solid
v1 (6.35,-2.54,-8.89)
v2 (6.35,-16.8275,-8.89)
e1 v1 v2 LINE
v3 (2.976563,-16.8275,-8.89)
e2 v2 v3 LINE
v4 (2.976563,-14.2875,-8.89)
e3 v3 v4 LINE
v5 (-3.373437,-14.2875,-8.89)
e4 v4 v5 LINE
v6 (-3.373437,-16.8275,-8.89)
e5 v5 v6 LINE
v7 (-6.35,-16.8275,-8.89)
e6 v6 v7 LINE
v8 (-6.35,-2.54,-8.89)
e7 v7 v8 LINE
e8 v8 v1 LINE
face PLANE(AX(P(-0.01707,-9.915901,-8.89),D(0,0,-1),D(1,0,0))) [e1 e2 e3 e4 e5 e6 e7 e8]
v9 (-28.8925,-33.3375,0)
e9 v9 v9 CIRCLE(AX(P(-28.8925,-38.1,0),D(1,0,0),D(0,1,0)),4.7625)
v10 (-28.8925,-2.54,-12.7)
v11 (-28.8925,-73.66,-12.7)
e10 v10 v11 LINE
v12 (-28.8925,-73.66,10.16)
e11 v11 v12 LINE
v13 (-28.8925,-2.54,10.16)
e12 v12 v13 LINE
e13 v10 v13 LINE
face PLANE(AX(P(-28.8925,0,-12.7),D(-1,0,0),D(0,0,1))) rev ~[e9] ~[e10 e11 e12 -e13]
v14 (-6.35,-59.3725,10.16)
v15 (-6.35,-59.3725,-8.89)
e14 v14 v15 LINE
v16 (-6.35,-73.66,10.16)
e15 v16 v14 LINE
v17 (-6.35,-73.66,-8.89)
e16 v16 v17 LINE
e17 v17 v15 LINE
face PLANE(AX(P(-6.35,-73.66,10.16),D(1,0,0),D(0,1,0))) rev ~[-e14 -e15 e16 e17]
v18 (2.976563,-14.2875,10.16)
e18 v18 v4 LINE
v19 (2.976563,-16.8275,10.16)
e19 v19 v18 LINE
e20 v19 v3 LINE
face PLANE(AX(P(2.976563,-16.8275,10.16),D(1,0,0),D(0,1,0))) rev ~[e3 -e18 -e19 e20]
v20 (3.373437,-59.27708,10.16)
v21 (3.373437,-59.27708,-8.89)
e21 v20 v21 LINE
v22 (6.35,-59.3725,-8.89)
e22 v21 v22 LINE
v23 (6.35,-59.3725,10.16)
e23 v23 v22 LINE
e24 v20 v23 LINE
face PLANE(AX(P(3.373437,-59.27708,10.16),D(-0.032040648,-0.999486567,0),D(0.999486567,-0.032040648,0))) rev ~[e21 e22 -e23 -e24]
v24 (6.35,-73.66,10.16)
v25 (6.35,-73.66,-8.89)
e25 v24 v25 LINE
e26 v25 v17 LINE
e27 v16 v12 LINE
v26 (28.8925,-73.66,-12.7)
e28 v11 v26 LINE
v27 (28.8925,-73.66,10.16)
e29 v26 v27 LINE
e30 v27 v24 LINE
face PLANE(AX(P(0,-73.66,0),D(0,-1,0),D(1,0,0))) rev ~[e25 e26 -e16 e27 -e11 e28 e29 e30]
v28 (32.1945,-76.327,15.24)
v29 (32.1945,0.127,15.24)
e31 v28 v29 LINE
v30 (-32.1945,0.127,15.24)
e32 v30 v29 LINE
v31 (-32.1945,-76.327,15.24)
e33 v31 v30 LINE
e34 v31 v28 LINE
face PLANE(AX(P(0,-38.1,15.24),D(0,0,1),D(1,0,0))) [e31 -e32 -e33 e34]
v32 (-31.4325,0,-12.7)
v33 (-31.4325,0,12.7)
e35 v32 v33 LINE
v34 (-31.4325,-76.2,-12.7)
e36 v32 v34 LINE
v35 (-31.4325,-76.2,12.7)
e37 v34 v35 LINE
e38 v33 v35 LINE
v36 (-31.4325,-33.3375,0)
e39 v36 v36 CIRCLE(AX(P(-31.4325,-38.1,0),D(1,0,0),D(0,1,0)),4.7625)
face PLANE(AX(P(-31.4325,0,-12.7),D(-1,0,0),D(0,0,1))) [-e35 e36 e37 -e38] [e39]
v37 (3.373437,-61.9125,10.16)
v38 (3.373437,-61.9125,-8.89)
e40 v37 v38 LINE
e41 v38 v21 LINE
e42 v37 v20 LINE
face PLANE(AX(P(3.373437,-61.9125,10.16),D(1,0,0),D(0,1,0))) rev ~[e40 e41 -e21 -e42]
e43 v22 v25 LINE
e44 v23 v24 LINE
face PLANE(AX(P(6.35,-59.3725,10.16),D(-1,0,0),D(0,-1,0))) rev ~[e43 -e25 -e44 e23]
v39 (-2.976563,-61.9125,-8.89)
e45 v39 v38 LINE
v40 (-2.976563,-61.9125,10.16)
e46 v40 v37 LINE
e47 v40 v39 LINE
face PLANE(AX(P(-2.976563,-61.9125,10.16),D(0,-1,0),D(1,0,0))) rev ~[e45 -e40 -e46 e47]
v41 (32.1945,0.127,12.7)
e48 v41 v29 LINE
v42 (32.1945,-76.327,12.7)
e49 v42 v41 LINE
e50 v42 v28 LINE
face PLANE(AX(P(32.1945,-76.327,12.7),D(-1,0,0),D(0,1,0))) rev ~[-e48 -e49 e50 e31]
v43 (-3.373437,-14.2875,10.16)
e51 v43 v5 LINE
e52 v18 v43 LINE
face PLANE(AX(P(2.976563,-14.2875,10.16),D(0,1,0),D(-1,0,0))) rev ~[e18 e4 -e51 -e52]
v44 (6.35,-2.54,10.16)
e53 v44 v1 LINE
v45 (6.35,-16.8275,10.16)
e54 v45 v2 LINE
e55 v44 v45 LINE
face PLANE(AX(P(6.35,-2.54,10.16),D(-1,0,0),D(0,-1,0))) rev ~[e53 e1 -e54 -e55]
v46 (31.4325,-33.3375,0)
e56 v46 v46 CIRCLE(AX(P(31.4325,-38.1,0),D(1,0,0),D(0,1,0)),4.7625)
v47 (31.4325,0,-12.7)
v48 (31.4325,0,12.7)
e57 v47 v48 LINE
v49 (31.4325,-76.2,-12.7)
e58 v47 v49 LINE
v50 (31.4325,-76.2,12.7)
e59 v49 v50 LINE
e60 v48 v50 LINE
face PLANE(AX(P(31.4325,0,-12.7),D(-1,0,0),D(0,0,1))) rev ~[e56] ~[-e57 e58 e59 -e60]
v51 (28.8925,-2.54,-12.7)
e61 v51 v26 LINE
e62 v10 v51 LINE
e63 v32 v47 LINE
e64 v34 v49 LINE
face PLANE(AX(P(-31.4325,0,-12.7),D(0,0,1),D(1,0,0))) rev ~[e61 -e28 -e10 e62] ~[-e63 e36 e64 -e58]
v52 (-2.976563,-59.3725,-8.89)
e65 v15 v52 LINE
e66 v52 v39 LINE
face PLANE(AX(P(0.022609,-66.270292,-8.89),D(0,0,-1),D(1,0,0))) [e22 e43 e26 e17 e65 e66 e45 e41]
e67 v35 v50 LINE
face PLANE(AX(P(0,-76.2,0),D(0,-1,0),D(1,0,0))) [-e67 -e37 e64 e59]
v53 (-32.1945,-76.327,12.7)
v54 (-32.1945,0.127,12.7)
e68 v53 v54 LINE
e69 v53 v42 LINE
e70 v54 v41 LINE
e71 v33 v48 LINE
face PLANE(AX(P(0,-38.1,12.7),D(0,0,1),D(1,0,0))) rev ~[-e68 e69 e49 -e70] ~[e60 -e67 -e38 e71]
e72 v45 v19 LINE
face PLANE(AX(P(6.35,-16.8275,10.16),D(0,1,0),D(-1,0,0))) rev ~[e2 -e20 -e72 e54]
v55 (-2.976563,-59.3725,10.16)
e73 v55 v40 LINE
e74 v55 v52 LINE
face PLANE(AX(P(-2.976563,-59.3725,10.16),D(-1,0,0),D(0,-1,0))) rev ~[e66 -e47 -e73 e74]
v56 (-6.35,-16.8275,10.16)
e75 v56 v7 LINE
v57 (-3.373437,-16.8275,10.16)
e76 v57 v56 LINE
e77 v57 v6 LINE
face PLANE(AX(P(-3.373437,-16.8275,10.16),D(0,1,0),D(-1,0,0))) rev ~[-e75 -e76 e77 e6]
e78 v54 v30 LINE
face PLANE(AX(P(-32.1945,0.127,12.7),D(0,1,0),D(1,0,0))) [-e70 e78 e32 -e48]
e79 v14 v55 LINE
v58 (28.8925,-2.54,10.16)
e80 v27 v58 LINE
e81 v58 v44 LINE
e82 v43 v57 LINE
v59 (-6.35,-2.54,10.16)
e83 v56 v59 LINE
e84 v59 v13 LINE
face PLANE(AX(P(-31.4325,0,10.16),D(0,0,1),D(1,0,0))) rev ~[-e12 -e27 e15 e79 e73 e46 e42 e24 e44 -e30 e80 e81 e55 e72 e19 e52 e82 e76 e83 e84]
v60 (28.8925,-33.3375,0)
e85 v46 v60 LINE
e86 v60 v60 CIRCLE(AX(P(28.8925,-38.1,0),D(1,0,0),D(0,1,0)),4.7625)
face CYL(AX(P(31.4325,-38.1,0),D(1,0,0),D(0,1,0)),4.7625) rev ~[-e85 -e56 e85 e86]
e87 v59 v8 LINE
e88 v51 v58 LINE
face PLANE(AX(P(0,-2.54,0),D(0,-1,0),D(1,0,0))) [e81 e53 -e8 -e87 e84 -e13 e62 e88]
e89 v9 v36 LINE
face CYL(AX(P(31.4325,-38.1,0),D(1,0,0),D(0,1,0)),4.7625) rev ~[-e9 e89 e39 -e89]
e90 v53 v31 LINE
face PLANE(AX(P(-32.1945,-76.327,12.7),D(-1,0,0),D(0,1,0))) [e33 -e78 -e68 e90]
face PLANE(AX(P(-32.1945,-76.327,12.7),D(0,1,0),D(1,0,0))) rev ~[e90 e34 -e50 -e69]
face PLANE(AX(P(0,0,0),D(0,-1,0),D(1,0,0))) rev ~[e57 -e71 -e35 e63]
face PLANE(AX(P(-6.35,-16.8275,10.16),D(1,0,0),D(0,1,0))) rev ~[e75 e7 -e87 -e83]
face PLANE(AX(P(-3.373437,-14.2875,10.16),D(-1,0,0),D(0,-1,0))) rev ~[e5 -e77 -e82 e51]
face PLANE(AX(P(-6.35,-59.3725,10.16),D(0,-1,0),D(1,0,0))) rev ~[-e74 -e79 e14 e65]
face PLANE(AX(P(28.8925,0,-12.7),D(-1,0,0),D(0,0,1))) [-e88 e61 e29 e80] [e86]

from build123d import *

# Parameters (mm, degrees)
F0_W     = 62.865
F0_H     = 25.4
F1_DEPTH = 76.2
F3_T     = -2.54
F4_W     = 64.389
F4_H     = 76.454
F5_DEPTH = 2.54
F2_R     = 4.7625
F6_DEPTH = 63.628
F8_DEPTH = 19.05


with BuildPart() as f1:
    # F0 (on Front) → F1 (new body)
    with BuildSketch(Plane.XZ):
        Rectangle(F0_W, F0_H)
    extrude(amount=F1_DEPTH)

    # F3
    f3_openings = [f1.faces().sort_by_distance(p)[0] for p in [
        (0, -38.1, -12.7),
    ]]
    offset(amount=F3_T, openings=f3_openings)

    # F4 (on face) → F5 (join)
    with BuildSketch(Plane.XY.offset(12.7)):
        with Locations((0, -38.1)):
            Rectangle(F4_W, F4_H)
    extrude(amount=F5_DEPTH)

    # F2 (on face) → F6 (cut, through all)
    with BuildSketch(Plane.YZ.offset(31.4325)):
        with Locations((-38.1, 0)):
            Circle(F2_R)
    extrude(amount=-F6_DEPTH, mode=Mode.SUBTRACT)

    # F7 (on face) → F8 (join)
    with BuildSketch(Plane(origin=(0, 0, 10.16), x_dir=(1, 0, 0), z_dir=(0, 0, -1))):
        Polygon((-2.976563, 61.9125), (3.373437, 61.9125), (3.373437, 59.27708), (6.35, 59.3725), (6.35, 61.9125), (6.35, 73.66), (0, 73.66), (-6.35, 73.66), (-6.35, 61.9125), (-6.35, 59.3725), (-2.976563, 59.3725), align=None)
        Polygon((2.976563, 16.8275), (2.976563, 14.2875), (-3.373437, 14.2875), (-3.373437, 16.8275), (-6.35, 16.8275), (-6.35, 14.2875), (-6.35, 2.54), (6.35, 2.54), (6.35, 14.2875), (6.35, 16.8275), align=None)
    extrude(amount=F8_DEPTH)


solid = f1.part
